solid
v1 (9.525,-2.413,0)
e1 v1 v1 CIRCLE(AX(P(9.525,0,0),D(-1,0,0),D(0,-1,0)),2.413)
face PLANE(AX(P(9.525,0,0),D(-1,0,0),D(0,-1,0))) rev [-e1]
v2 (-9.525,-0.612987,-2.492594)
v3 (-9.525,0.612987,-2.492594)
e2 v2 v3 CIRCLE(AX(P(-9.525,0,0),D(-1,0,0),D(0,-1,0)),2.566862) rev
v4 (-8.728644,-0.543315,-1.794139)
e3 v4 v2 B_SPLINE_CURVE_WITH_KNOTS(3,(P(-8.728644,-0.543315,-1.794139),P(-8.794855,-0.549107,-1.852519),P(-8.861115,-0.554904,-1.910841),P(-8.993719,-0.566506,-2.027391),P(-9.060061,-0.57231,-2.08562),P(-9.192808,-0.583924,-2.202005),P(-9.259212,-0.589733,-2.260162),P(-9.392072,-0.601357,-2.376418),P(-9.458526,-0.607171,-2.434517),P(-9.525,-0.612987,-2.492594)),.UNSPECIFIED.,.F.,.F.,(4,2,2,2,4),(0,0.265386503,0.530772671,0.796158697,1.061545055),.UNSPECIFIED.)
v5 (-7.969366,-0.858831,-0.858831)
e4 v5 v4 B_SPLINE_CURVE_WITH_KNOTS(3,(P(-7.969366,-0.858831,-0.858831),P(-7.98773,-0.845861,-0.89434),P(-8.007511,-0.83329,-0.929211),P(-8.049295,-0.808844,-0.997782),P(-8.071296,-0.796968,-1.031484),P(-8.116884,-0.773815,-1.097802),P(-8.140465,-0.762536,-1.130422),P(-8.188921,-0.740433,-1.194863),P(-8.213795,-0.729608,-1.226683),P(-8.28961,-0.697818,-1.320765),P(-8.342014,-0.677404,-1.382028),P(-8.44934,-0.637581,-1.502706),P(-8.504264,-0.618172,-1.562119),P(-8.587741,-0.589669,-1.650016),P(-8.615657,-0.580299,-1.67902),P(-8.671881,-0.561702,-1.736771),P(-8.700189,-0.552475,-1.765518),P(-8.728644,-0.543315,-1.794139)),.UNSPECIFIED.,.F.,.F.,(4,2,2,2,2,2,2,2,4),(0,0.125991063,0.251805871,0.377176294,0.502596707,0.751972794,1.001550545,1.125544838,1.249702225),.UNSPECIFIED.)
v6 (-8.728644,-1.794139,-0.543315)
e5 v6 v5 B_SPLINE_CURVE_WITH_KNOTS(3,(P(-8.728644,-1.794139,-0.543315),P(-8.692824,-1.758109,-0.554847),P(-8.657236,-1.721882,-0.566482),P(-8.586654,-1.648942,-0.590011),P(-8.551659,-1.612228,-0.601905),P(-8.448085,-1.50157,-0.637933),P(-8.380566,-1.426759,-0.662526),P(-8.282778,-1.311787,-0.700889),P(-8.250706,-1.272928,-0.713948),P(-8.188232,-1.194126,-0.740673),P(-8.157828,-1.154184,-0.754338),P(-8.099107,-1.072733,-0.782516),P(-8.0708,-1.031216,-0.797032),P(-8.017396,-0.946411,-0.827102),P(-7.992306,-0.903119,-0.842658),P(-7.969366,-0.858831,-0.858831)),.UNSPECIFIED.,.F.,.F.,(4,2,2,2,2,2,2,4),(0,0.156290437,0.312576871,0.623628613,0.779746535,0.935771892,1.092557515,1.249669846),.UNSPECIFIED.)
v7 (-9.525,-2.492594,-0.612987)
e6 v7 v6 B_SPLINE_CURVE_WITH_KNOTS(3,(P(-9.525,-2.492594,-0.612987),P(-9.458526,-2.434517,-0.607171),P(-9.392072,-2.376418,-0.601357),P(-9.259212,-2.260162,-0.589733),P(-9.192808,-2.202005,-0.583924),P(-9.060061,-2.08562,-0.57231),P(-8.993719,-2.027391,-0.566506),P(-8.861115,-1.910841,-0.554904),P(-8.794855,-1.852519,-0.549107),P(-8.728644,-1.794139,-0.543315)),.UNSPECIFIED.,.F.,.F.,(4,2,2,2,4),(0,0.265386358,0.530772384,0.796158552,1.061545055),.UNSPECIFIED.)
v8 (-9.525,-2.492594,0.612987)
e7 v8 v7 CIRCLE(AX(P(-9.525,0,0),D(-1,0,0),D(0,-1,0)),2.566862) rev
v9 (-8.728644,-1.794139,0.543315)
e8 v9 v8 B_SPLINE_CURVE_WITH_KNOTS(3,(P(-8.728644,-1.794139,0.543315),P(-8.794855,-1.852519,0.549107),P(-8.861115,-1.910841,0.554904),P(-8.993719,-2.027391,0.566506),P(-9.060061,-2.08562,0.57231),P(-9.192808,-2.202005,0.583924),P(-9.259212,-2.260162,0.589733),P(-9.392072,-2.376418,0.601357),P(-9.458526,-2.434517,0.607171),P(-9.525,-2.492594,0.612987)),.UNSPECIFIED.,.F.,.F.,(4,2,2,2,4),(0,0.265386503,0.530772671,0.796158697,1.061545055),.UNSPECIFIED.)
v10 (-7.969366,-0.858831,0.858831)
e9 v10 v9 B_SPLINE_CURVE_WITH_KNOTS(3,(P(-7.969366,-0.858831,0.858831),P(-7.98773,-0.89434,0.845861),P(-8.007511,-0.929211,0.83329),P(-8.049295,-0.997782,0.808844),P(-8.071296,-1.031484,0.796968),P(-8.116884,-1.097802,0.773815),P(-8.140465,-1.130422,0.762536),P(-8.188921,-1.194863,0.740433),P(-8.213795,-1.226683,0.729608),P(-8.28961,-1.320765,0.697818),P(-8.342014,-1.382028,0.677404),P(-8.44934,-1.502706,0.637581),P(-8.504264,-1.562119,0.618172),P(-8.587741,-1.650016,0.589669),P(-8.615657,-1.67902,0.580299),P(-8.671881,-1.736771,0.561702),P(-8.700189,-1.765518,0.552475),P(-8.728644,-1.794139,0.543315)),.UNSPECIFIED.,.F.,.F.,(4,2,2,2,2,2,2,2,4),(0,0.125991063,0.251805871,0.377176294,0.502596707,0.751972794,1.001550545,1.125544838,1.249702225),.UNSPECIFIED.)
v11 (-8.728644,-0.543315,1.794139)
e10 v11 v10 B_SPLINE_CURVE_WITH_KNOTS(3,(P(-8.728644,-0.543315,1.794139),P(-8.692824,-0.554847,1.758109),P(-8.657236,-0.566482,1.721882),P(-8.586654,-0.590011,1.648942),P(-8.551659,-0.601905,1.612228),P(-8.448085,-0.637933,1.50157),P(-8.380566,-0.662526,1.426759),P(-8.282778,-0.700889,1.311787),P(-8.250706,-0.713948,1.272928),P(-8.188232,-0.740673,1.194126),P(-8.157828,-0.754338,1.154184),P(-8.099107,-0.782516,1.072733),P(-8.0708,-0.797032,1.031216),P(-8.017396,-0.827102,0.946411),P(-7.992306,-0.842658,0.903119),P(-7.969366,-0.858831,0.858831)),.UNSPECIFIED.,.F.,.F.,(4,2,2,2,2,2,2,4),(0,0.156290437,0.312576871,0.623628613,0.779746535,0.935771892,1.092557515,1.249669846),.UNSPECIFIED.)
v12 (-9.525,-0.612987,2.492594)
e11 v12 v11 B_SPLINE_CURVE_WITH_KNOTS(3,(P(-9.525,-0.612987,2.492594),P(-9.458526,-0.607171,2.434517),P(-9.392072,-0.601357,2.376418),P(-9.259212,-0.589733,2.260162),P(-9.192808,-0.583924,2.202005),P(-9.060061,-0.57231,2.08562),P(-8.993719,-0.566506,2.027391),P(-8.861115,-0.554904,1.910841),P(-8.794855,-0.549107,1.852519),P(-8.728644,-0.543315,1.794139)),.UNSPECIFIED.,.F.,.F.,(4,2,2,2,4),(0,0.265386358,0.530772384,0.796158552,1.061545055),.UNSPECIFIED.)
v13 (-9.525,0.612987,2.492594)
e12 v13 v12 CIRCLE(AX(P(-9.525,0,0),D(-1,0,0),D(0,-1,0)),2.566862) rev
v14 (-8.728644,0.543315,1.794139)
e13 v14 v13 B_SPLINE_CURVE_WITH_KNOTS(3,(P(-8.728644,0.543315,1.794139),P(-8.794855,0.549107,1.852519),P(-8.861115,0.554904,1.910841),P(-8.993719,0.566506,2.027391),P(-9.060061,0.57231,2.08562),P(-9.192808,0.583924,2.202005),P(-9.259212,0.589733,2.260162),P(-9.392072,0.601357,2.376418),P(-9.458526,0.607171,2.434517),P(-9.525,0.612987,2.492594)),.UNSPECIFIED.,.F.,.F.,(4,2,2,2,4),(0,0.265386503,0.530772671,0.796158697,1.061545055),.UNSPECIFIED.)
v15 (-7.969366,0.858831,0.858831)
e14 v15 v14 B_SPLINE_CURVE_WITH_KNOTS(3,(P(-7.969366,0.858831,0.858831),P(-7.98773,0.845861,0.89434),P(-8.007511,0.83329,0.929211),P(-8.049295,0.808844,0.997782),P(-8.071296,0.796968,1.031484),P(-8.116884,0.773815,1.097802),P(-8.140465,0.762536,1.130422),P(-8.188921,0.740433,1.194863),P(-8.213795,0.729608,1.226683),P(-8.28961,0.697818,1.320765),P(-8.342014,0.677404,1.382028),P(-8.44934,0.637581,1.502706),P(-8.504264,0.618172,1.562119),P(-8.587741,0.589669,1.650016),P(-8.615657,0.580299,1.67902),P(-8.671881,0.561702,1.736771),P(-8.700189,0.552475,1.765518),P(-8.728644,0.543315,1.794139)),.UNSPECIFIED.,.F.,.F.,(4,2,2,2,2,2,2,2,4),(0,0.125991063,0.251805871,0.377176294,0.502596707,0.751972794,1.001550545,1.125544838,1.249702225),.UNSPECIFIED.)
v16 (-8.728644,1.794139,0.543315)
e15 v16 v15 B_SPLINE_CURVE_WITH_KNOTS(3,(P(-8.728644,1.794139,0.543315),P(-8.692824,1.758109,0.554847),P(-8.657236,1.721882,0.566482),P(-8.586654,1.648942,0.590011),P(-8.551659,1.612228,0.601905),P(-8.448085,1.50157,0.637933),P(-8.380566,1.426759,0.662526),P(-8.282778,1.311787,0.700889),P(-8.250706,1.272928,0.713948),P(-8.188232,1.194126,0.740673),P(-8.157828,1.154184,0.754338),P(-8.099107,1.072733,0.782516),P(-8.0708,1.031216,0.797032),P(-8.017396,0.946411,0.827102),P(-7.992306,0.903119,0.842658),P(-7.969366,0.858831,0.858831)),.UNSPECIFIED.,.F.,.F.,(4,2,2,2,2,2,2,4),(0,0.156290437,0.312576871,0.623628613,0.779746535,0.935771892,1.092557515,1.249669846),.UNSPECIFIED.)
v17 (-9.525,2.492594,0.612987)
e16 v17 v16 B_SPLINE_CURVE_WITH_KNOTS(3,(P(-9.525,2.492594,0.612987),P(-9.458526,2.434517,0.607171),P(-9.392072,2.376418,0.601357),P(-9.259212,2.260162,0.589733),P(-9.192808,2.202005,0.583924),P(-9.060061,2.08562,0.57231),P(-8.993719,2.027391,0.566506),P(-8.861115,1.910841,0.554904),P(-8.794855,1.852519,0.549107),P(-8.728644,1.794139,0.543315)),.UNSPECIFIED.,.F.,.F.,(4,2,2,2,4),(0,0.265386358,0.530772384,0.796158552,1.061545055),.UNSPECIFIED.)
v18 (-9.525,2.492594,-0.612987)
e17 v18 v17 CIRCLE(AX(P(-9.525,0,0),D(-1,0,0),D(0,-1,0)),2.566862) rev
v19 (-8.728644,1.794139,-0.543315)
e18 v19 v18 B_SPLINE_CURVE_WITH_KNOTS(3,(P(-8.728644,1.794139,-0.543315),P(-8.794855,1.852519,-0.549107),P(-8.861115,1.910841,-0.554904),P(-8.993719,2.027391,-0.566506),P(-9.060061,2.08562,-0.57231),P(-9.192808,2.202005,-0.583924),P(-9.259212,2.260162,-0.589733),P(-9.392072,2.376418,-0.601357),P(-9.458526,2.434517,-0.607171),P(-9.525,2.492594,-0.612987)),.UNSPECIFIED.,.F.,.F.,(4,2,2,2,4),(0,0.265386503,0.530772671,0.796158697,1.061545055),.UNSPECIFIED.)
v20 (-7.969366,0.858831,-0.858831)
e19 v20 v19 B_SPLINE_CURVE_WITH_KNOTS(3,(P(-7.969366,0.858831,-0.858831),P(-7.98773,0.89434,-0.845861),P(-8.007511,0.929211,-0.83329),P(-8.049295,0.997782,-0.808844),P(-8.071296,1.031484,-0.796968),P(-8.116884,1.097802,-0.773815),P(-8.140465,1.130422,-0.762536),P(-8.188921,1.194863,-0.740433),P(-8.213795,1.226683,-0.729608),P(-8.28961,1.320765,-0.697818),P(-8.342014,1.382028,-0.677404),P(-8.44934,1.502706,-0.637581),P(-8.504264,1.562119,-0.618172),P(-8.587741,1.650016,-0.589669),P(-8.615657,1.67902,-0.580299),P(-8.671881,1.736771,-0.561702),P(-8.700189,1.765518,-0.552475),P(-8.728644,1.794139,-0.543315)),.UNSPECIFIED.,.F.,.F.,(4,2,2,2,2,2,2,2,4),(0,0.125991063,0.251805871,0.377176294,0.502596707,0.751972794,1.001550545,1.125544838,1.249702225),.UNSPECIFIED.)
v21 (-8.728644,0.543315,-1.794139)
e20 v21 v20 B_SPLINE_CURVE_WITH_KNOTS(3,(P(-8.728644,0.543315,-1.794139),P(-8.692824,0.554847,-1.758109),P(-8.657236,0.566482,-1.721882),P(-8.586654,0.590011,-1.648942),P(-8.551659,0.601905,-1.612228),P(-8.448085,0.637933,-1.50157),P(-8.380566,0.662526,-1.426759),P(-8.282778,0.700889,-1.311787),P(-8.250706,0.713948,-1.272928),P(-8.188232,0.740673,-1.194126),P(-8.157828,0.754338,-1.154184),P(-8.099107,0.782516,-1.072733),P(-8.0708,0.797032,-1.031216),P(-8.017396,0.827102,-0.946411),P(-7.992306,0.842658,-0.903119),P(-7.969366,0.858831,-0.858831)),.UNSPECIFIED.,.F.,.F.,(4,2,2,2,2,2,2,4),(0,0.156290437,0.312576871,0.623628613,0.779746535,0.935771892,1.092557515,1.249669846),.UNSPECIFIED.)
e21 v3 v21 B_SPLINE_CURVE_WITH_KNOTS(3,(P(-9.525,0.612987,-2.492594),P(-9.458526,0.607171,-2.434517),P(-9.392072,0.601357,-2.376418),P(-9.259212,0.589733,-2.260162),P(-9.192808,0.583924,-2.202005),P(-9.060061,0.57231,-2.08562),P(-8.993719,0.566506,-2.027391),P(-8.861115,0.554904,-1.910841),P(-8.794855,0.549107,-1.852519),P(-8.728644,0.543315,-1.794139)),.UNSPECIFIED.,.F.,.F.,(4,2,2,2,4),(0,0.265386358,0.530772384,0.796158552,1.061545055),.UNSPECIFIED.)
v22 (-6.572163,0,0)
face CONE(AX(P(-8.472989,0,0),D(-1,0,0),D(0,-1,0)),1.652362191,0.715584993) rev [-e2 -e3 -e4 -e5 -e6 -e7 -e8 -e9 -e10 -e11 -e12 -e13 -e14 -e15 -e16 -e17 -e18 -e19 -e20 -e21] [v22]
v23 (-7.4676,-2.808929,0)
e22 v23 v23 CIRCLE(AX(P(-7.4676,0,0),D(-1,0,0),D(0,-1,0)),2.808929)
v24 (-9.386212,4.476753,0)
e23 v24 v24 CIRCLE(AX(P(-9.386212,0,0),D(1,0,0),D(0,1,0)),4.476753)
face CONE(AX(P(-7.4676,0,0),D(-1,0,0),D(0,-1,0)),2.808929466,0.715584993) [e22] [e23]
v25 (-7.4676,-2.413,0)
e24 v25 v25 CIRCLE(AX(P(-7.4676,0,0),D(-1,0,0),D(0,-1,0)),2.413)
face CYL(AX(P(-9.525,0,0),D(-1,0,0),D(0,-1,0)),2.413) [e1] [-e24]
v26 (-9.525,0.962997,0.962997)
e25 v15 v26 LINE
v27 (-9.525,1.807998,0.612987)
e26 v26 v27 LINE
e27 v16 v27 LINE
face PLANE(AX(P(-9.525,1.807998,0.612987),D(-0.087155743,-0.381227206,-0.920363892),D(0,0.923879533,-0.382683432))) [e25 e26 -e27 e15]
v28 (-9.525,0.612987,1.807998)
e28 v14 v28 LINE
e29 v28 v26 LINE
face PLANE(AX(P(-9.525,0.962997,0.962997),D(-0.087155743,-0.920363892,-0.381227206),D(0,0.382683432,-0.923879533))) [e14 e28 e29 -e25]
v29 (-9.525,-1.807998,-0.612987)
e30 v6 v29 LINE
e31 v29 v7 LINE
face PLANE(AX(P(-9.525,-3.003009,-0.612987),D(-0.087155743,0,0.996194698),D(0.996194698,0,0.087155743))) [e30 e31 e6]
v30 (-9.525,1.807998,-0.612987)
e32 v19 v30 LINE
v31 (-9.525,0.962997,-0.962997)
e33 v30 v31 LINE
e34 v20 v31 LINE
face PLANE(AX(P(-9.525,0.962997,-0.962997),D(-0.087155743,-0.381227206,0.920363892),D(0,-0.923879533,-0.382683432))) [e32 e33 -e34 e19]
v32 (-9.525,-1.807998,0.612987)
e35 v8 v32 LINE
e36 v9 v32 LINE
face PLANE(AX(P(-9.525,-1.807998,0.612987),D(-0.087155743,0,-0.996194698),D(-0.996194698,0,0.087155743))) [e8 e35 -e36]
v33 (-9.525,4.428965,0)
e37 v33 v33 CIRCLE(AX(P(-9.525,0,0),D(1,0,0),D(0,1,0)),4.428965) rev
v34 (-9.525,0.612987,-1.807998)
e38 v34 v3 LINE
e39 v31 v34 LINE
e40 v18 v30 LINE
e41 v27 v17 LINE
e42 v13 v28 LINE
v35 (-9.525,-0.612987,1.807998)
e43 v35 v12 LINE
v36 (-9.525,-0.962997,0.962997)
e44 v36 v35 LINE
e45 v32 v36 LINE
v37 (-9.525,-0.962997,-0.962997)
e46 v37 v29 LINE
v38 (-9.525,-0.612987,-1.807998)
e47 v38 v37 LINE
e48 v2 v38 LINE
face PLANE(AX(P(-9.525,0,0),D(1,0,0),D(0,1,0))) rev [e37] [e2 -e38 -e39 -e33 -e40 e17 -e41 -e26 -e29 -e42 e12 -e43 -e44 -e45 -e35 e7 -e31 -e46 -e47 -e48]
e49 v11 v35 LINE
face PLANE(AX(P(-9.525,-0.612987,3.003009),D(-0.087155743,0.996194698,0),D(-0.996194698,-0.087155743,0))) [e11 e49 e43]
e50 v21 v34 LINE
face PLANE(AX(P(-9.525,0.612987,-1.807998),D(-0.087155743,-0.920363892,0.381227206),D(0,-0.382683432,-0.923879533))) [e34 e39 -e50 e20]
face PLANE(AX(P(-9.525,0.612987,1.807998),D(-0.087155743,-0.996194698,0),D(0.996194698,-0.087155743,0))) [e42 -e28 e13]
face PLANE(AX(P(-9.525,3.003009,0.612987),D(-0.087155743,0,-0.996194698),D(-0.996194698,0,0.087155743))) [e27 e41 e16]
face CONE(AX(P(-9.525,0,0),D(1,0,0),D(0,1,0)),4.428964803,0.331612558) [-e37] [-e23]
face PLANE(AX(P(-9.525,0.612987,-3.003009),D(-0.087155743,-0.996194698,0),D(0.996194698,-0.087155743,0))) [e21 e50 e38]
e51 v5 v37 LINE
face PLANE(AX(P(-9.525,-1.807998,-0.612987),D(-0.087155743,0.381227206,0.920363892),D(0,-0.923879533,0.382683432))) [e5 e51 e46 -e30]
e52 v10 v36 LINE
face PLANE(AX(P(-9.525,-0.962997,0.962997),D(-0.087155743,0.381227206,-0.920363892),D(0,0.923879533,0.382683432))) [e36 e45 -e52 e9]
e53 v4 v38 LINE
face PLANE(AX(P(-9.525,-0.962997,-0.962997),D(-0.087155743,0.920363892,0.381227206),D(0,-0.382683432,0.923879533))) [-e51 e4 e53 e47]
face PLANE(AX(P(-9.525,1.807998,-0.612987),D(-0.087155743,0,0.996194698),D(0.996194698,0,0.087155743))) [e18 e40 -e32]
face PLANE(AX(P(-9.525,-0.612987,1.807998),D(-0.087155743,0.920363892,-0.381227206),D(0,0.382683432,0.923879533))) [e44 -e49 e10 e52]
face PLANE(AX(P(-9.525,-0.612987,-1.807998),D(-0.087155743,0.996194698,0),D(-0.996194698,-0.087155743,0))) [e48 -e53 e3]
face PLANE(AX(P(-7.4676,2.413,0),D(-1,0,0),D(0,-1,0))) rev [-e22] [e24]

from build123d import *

# Parameters (mm, degrees)
CUT_EXTRUDE1_REACH = 22.129
CIRPATTERN1_COUNT  = 4
DRAFT1_ANGLE       = 5
CHAMFER1_SIZE      = 0.183896
CHAMFER1_SIZE2     = 0.168435197


with BuildPart() as part:
    # Sketch2 → Revolve1 (revolve)
    with BuildSketch(Plane.XY, mode=Mode.PRIVATE) as revolve1_sk:
        Polygon((-9.525, 0), (9.525, 0), (9.525, 2.413), (-7.4676, 2.413), (-7.4676, 2.808929466), (-9.525, 4.5974), align=None)
    revolve(revolve1_sk.sketch.rotate(Axis((-9.525, 0, 0), (1, 0, 0)), 180), axis=Axis((-9.525, 0, 0), (1, 0, 0)))

    # Cut-Extrude1: up to this cone (the profile starts inside it)
    cut_extrude1_end = Plane(origin=(-9.525, 0, 0), z_dir=(-1, 0, 0)).offset(-2.952835668) * Cone(1e-06, 24.469290226, 28.148697423, align=(Align.CENTER, Align.CENTER, Align.MIN), mode=Mode.PRIVATE)
    # Sketch3 → Cut-Extrude1 (cut, up to the surface)
    with BuildSketch(Plane.ZY.offset(9.525), mode=Mode.PRIVATE) as cut_extrude1_sk1:
        with BuildLine():
            Line((0, 0), (3.064933333, 0))
            ThreePointArc((3.064933333, 0), (3.04941298, 0.308053268), (3.003009105, 0.612986667))
            Line((3.003009105, 0.612986667), (1.807997886, 0.612986667))
            Line((1.807997886, 0.612986667), (0.962997349, 0.962997349))
            Line((0.962997349, 0.962997349), (0.612986667, 1.807997886))
            Line((0.612986667, 1.807997886), (0.612986667, 3.003009105))
            ThreePointArc((0.612986667, 3.003009105), (0.308053268, 3.04941298), (0, 3.064933333))
            Line((0, 3.064933333), (0, 0))
        make_face()
    cut_extrude1_tool1 = extrude(cut_extrude1_sk1.sketch, amount=-CUT_EXTRUDE1_REACH, mode=Mode.PRIVATE) & cut_extrude1_end
    cut_extrude1 = cut_extrude1_tool1.solids().sort_by_distance((-9.525, 1.532467, 0.043345))[0]
    add(cut_extrude1, mode=Mode.SUBTRACT)

    # CirPattern1: Cut-Extrude1 ×4 about axis
    cirpattern1_axis = Axis((0, 0, 0), (1, 0, 0))
    for i in range(1, CIRPATTERN1_COUNT):
        add(cut_extrude1.rotate(cirpattern1_axis, i * 360 / CIRPATTERN1_COUNT), mode=Mode.SUBTRACT)

    # Draft1
    draft1_faces = [part.faces().sort_by_distance(p)[0] for p in [
        (-9.272207982, 0.612986667, -2.036620878),
        (-8.957922731, 0.804804583, -1.344908471),
        (-8.957922731, 1.344908471, -0.804804583),
        (-9.272207982, 2.036620878, -0.612986667),
        (-9.272207982, 2.036620878, 0.612986667),
        (-8.957922731, 1.344908471, 0.804804583),
        (-8.957922731, 0.804804583, 1.344908471),
        (-9.272207982, 0.612986667, 2.036620878),
        (-9.272207982, -0.612986667, 2.036620878),
        (-8.957922731, -0.804804583, 1.344908471),
        (-8.957922731, -1.344908471, 0.804804583),
        (-9.272207982, -2.036620878, 0.612986667),
        (-9.272207982, -2.036620878, -0.612986667),
        (-8.957922731, -1.344908471, -0.804804583),
        (-8.957922731, -0.804804583, -1.344908471),
        (-9.272207982, -0.612986667, -2.036620878),
    ]]
    draft(draft1_faces, Plane(origin=(-9.525, 0, 0), x_dir=(0, -1, 0), z_dir=(-1, 0, 0)), DRAFT1_ANGLE)

    # Chamfer1
    chamfer1_edges = [part.edges().sort_by_distance(p)[0] for p in [
        (-9.525, 4.5974, 0),
    ]]
    chamfer1_side = [part.faces().sort_by_distance(p)[0] for p in [
        (-8.4963, 3.703164733, 0),
    ]]
    chamfer(chamfer1_edges, length=CHAMFER1_SIZE, length2=CHAMFER1_SIZE2, reference=chamfer1_side[0])


solid = part.part
